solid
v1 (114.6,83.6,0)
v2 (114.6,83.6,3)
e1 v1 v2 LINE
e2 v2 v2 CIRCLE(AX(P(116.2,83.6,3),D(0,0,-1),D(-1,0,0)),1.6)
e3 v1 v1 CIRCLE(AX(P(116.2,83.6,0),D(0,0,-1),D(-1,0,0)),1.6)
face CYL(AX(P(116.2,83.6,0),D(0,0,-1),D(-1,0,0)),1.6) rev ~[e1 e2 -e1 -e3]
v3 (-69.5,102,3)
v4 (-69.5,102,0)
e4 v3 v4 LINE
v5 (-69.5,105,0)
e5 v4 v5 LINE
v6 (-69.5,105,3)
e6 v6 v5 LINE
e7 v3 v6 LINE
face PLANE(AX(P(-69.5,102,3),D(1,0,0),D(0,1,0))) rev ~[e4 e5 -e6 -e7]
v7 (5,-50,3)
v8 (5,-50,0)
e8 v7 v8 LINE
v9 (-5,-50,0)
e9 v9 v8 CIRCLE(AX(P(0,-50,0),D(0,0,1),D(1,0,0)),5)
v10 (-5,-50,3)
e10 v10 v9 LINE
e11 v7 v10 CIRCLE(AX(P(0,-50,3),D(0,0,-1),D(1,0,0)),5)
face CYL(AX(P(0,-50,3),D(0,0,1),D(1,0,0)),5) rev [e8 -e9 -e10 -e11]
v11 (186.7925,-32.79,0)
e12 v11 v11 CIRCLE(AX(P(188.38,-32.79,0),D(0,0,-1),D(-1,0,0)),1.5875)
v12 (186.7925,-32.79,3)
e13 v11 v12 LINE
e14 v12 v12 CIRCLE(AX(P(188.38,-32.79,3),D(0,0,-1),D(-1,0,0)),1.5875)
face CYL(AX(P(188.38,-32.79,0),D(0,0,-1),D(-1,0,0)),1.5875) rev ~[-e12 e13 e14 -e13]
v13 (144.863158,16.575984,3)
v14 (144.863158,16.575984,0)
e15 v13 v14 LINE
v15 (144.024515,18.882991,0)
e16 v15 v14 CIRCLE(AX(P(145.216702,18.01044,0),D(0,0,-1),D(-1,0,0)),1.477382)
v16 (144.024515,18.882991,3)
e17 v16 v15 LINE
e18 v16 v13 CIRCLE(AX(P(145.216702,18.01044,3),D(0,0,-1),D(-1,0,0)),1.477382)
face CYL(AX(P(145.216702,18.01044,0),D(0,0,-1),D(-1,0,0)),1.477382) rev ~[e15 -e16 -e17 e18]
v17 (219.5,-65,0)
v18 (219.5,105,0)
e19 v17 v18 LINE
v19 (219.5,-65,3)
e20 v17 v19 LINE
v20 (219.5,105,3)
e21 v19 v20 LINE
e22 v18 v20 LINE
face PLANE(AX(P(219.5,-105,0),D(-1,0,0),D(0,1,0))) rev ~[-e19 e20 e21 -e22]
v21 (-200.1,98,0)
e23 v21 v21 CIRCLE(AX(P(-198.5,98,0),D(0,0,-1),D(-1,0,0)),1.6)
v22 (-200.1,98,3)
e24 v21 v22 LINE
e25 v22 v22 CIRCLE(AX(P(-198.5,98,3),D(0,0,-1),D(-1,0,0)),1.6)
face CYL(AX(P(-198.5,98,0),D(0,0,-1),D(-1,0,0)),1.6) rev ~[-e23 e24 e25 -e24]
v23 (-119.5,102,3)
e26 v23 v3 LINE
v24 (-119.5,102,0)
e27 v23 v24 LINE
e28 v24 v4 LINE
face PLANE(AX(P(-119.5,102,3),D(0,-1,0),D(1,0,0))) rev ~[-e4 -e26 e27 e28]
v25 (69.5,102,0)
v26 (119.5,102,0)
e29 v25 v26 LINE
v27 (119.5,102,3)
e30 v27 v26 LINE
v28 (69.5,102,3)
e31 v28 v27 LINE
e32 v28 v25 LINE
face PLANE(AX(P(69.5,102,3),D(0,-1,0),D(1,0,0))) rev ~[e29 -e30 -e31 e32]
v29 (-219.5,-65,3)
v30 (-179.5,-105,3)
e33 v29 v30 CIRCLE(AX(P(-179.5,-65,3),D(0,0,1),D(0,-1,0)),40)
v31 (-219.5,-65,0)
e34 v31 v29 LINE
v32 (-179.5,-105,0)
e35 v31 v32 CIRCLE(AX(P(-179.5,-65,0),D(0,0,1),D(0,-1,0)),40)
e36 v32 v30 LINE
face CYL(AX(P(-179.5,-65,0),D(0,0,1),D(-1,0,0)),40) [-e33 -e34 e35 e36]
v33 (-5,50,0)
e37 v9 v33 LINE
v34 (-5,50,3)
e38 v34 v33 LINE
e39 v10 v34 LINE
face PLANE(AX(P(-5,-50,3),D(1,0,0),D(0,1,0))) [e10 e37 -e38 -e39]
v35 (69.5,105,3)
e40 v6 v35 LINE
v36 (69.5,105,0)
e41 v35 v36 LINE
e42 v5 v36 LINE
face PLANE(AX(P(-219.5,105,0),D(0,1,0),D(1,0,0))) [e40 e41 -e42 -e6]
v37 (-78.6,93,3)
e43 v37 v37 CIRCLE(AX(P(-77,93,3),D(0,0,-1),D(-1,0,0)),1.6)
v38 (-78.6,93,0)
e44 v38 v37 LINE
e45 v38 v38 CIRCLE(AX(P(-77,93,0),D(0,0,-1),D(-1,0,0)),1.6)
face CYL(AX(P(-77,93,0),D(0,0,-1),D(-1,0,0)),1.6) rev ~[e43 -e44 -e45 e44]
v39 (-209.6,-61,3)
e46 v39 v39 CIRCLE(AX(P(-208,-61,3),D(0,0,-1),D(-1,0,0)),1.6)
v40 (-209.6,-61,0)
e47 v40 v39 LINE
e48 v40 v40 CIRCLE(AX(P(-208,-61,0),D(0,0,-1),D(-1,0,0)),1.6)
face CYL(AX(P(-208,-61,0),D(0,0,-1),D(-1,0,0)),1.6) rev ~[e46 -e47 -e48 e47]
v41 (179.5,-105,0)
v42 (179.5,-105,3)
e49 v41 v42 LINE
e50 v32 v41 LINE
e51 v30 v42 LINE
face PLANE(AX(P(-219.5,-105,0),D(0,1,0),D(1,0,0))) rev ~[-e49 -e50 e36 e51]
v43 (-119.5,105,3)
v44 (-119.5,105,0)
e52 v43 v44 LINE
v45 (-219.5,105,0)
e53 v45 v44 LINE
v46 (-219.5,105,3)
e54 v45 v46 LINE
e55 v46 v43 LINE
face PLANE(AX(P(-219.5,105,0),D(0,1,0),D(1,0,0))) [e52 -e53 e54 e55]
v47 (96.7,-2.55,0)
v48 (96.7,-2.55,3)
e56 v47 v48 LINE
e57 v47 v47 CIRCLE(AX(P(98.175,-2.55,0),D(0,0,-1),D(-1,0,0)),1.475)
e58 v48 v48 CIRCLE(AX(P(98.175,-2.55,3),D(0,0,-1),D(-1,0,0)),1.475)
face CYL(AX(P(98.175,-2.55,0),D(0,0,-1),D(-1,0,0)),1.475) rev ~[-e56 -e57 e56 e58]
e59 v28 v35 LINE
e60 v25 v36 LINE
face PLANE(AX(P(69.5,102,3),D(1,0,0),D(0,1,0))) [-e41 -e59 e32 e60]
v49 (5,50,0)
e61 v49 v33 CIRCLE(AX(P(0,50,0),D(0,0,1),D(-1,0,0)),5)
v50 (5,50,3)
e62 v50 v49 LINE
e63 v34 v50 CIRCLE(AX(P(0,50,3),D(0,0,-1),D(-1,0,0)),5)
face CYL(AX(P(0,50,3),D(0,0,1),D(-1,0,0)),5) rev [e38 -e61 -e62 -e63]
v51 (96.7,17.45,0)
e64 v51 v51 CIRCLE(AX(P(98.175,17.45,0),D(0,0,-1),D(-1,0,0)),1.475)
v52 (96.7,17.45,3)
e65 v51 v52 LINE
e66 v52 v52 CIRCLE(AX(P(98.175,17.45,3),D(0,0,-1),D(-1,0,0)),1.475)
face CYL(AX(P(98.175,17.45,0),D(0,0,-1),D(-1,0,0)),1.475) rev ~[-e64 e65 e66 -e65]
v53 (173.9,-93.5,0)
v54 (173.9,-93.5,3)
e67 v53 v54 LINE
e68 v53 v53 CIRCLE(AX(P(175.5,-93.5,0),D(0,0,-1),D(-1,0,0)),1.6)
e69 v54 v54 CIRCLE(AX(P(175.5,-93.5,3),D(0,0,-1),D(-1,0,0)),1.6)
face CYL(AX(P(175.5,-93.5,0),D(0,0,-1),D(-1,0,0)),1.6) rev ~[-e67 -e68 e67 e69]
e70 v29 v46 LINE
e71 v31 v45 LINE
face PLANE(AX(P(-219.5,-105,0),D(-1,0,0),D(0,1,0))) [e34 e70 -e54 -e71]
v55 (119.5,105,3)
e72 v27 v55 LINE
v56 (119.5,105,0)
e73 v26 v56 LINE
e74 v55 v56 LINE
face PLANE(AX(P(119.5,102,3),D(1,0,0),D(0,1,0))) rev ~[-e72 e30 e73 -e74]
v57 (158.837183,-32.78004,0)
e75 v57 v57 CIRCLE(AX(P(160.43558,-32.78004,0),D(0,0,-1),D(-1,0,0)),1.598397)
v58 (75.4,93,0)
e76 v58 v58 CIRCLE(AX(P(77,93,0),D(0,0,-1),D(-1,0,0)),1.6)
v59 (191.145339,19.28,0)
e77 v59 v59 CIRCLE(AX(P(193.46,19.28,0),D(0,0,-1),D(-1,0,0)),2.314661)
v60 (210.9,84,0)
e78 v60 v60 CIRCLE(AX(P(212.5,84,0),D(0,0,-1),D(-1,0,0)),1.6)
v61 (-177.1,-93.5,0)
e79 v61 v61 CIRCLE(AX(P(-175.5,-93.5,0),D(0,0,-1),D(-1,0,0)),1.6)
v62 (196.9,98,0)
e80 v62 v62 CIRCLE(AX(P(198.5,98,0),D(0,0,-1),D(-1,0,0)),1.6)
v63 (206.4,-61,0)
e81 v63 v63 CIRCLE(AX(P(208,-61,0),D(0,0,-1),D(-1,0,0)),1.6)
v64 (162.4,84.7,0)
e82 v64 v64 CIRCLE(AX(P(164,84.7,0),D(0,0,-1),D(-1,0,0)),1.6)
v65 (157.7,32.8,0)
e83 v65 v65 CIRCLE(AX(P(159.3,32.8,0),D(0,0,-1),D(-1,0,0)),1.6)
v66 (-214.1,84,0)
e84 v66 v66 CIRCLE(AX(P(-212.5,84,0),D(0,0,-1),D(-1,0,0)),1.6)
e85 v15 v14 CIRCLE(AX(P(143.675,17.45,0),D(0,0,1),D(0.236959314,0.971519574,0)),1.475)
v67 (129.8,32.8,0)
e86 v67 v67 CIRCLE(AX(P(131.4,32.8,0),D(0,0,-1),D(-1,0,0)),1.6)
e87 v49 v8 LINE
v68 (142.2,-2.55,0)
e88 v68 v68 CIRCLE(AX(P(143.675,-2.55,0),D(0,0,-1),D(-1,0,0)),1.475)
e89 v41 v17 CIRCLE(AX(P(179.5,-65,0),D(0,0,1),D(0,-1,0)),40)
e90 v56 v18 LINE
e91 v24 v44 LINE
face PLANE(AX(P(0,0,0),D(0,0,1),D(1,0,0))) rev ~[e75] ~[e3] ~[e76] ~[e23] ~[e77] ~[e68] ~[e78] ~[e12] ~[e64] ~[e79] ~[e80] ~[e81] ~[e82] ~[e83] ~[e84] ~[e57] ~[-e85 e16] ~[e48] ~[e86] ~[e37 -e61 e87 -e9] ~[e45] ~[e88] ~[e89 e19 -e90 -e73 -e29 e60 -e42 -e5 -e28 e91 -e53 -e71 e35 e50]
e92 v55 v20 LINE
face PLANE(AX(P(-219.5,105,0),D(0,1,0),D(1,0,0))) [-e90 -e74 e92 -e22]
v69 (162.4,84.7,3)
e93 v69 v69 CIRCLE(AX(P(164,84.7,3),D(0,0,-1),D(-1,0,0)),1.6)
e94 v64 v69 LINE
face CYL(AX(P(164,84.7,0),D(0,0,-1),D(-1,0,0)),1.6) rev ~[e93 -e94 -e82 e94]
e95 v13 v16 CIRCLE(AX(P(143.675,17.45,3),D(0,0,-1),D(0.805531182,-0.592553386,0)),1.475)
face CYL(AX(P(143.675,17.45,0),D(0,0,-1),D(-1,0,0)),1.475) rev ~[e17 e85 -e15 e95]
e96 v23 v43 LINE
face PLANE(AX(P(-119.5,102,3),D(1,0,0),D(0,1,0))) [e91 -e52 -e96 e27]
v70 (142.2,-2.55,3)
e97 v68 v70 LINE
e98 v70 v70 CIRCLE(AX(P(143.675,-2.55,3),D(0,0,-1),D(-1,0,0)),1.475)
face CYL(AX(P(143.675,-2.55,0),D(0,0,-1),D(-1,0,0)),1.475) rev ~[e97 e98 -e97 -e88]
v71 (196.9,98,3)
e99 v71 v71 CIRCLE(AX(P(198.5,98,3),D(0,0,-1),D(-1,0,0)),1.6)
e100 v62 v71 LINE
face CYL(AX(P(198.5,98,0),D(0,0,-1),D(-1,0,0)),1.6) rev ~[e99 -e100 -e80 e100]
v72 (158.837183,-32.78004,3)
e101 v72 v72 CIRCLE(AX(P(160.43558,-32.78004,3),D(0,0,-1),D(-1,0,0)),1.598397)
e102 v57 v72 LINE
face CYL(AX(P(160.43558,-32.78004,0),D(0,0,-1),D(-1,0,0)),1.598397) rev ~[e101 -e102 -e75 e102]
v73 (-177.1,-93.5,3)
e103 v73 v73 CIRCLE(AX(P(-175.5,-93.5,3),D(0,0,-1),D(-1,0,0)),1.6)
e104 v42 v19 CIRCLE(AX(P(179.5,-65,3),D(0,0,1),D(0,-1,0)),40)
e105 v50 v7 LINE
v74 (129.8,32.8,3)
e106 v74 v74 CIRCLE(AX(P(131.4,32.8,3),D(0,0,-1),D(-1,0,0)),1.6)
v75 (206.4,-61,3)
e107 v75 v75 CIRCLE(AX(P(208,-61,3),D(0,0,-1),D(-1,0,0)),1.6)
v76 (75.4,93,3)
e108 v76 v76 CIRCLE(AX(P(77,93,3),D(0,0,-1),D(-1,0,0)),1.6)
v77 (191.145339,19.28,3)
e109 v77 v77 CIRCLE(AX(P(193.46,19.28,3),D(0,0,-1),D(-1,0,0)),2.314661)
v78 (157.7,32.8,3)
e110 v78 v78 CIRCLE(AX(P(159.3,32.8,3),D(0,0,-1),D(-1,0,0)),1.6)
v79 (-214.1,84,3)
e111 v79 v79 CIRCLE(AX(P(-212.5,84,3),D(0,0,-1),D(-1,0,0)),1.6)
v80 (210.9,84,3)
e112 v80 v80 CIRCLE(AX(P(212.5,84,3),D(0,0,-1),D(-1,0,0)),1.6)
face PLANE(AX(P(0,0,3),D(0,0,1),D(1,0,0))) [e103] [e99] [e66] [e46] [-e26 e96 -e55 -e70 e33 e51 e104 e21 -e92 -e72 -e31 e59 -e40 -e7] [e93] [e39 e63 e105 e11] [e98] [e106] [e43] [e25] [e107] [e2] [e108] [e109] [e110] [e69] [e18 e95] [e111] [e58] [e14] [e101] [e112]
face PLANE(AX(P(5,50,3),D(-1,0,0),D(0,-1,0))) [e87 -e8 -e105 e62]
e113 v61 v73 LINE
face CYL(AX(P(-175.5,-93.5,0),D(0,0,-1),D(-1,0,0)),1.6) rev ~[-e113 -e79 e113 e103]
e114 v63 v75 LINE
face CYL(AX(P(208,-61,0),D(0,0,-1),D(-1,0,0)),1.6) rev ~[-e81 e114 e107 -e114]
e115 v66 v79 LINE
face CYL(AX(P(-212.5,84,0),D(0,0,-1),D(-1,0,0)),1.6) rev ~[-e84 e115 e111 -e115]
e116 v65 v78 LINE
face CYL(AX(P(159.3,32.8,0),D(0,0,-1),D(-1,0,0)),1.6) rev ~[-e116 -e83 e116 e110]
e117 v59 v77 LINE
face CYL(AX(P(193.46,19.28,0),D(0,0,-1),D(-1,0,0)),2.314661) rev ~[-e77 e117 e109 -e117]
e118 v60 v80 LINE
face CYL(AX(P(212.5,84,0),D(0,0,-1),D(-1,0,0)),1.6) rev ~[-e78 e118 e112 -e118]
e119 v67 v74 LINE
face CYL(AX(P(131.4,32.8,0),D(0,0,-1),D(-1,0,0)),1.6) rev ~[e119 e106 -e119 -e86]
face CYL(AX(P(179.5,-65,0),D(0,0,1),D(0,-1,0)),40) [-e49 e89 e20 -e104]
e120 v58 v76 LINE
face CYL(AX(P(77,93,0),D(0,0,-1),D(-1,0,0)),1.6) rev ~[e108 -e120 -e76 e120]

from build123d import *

# Parameters (mm, degrees)
ESQUISSE1_W             = 439
ESQUISSE1_H             = 210
BOSS_EXTRU_1_DEPTH      = 3
ESQUISSE5_R             = 1.477381552
ESQUISSE5_R_2           = 1.598396888
ESQUISSE5_R_3           = 1.5875
ESQUISSE5_R_4           = 2.314661152
ENL_V_MAT_EXTRU_3_DEPTH = 4
ESQUISSE10_W            = 50
ESQUISSE10_H            = 3
ENL_V_MAT_EXTRU_5_DEPTH = 4
ENL_V_MAT_EXTRU_6_DEPTH = 244.33978302
FILLET1_R               = 40
SKETCH1_R               = 1.6
CUT_EXTRUDE1_DEPTH      = 244.33978302
SKETCH2_R               = 1.6
CUT_EXTRUDE2_DEPTH      = 244.33978302
SKETCH3_R               = 1.6
CUT_EXTRUDE3_DEPTH      = 244.33978302
SKETCH4_R               = 1.6
CUT_EXTRUDE4_DEPTH      = 244.33978302
SKETCH5_R               = 1.6
CUT_EXTRUDE5_DEPTH      = 244.33978302
SKETCH7_R               = 1.6
CUT_EXTRUDE6_DEPTH      = 244.33978302
SKETCH8_R               = 1.475
CUT_EXTRUDE7_DEPTH      = 244.33978302


with BuildPart() as part:
    # Esquisse1 → Boss.-Extru.1 (new body)
    with BuildSketch(Plane.XY):
        Rectangle(ESQUISSE1_W, ESQUISSE1_H)
    extrude(amount=BOSS_EXTRU_1_DEPTH)

    # Esquisse5 → Enlèv. mat.-Extru.3 (cut)
    with BuildSketch(Plane(origin=(0, 0, 0), x_dir=(-1, 0, 0), z_dir=(0, 0, -1))):
        with Locations((-145.216701852, 18.010439522)):
            Circle(ESQUISSE5_R)
        with Locations((-160.435580246, -32.780039682)):
            Circle(ESQUISSE5_R_2)
        with Locations((-188.38, -32.79)):
            Circle(ESQUISSE5_R_3)
        with Locations((-193.46, 19.28)):
            Circle(ESQUISSE5_R_4)
    extrude(amount=-ENL_V_MAT_EXTRU_3_DEPTH, mode=Mode.SUBTRACT)

    # Esquisse10 → Enlèv. mat.-Extru.5 (cut)
    with BuildSketch(Plane.XY.offset(3)):
        with Locations((-94.5, 103.5)):
            Rectangle(ESQUISSE10_W, ESQUISSE10_H)
        with Locations((94.5, 103.5)):
            Rectangle(ESQUISSE10_W, ESQUISSE10_H)
    extrude(amount=-ENL_V_MAT_EXTRU_5_DEPTH, mode=Mode.SUBTRACT)

    # Esquisse11 → Enlèv. mat.-Extru.6 (cut, through all)
    with BuildSketch(Plane.XY.offset(3)):
        with BuildLine():
            Line((-5, -50), (-5, 50))
            ThreePointArc((-5, 50), (0, 55), (5, 50))
            Line((5, 50), (5, -50))
            ThreePointArc((5, -50), (0, -55), (-5, -50))
        make_face()
    extrude(amount=-ENL_V_MAT_EXTRU_6_DEPTH, mode=Mode.SUBTRACT)

    # Fillet1
    fillet1_edges = [part.edges().sort_by_distance(p)[0] for p in [
        (219.5, -105, 1.5),
        (-219.5, -105, 1.5),
    ]]
    fillet(fillet1_edges, radius=FILLET1_R)

    # Sketch1 → Cut-Extrude1 (cut, through all)
    with BuildSketch(Plane(origin=(0, 0, 0), x_dir=(-1, 0, 0), z_dir=(0, 0, -1))):
        with Locations((-208, -61)):
            Circle(SKETCH1_R)
    extrude(amount=-CUT_EXTRUDE1_DEPTH, mode=Mode.SUBTRACT)

    # Sketch2 → Cut-Extrude2 (cut, through all)
    with BuildSketch(Plane(origin=(0, 0, 0), x_dir=(-1, 0, 0), z_dir=(0, 0, -1))):
        with Locations((208, -61)):
            Circle(SKETCH2_R)
        with Locations((175.5, -93.5)):
            Circle(SKETCH2_R)
    extrude(amount=-CUT_EXTRUDE2_DEPTH, mode=Mode.SUBTRACT)

    # Sketch3 → Cut-Extrude3 (cut, through all)
    with BuildSketch(Plane(origin=(0, 0, 0), x_dir=(-1, 0, 0), z_dir=(0, 0, -1))):
        with Locations((-175.5, -93.5)):
            Circle(SKETCH3_R)
    extrude(amount=-CUT_EXTRUDE3_DEPTH, mode=Mode.SUBTRACT)

    # Sketch4 → Cut-Extrude4 (cut, through all)
    with BuildSketch(Plane(origin=(0, 0, 0), x_dir=(-1, 0, 0), z_dir=(0, 0, -1))):
        with Locations((-198.5, 98)):
            Circle(SKETCH4_R)
        with Locations((-212.5, 84)):
            Circle(SKETCH4_R)
        with Locations((198.5, 98)):
            Circle(SKETCH4_R)
        with Locations((212.5, 84)):
            Circle(SKETCH4_R)
    extrude(amount=-CUT_EXTRUDE4_DEPTH, mode=Mode.SUBTRACT)

    # Sketch5 → Cut-Extrude5 (cut, through all)
    with BuildSketch(Plane(origin=(0, 0, 0), x_dir=(-1, 0, 0), z_dir=(0, 0, -1))):
        with Locations((77, 93)):
            Circle(SKETCH5_R)
        with Locations((-77, 93)):
            Circle(SKETCH5_R)
    extrude(amount=-CUT_EXTRUDE5_DEPTH, mode=Mode.SUBTRACT)

    # Sketch7 → Cut-Extrude6 (cut, through all)
    with BuildSketch(Plane(origin=(0, 0, 0), x_dir=(-1, 0, 0), z_dir=(0, 0, -1))):
        with Locations((-131.4, 32.8)):
            Circle(SKETCH7_R)
        with Locations((-159.3, 32.8)):
            Circle(SKETCH7_R)
        with Locations((-116.2, 83.6)):
            Circle(SKETCH7_R)
        with Locations((-164, 84.7)):
            Circle(SKETCH7_R)
    extrude(amount=-CUT_EXTRUDE6_DEPTH, mode=Mode.SUBTRACT)

    # Sketch8 → Cut-Extrude7 (cut, through all)
    with BuildSketch(Plane(origin=(0, 0, 0), x_dir=(-1, 0, 0), z_dir=(0, 0, -1))):
        with Locations((-98.175, -2.55)):
            Circle(SKETCH8_R)
        with Locations((-98.175, 17.45)):
            Circle(SKETCH8_R)
        with Locations((-143.675, 17.45)):
            Circle(SKETCH8_R)
        with Locations((-143.675, -2.55)):
            Circle(SKETCH8_R)
    extrude(amount=-CUT_EXTRUDE7_DEPTH, mode=Mode.SUBTRACT)


solid = part.part
